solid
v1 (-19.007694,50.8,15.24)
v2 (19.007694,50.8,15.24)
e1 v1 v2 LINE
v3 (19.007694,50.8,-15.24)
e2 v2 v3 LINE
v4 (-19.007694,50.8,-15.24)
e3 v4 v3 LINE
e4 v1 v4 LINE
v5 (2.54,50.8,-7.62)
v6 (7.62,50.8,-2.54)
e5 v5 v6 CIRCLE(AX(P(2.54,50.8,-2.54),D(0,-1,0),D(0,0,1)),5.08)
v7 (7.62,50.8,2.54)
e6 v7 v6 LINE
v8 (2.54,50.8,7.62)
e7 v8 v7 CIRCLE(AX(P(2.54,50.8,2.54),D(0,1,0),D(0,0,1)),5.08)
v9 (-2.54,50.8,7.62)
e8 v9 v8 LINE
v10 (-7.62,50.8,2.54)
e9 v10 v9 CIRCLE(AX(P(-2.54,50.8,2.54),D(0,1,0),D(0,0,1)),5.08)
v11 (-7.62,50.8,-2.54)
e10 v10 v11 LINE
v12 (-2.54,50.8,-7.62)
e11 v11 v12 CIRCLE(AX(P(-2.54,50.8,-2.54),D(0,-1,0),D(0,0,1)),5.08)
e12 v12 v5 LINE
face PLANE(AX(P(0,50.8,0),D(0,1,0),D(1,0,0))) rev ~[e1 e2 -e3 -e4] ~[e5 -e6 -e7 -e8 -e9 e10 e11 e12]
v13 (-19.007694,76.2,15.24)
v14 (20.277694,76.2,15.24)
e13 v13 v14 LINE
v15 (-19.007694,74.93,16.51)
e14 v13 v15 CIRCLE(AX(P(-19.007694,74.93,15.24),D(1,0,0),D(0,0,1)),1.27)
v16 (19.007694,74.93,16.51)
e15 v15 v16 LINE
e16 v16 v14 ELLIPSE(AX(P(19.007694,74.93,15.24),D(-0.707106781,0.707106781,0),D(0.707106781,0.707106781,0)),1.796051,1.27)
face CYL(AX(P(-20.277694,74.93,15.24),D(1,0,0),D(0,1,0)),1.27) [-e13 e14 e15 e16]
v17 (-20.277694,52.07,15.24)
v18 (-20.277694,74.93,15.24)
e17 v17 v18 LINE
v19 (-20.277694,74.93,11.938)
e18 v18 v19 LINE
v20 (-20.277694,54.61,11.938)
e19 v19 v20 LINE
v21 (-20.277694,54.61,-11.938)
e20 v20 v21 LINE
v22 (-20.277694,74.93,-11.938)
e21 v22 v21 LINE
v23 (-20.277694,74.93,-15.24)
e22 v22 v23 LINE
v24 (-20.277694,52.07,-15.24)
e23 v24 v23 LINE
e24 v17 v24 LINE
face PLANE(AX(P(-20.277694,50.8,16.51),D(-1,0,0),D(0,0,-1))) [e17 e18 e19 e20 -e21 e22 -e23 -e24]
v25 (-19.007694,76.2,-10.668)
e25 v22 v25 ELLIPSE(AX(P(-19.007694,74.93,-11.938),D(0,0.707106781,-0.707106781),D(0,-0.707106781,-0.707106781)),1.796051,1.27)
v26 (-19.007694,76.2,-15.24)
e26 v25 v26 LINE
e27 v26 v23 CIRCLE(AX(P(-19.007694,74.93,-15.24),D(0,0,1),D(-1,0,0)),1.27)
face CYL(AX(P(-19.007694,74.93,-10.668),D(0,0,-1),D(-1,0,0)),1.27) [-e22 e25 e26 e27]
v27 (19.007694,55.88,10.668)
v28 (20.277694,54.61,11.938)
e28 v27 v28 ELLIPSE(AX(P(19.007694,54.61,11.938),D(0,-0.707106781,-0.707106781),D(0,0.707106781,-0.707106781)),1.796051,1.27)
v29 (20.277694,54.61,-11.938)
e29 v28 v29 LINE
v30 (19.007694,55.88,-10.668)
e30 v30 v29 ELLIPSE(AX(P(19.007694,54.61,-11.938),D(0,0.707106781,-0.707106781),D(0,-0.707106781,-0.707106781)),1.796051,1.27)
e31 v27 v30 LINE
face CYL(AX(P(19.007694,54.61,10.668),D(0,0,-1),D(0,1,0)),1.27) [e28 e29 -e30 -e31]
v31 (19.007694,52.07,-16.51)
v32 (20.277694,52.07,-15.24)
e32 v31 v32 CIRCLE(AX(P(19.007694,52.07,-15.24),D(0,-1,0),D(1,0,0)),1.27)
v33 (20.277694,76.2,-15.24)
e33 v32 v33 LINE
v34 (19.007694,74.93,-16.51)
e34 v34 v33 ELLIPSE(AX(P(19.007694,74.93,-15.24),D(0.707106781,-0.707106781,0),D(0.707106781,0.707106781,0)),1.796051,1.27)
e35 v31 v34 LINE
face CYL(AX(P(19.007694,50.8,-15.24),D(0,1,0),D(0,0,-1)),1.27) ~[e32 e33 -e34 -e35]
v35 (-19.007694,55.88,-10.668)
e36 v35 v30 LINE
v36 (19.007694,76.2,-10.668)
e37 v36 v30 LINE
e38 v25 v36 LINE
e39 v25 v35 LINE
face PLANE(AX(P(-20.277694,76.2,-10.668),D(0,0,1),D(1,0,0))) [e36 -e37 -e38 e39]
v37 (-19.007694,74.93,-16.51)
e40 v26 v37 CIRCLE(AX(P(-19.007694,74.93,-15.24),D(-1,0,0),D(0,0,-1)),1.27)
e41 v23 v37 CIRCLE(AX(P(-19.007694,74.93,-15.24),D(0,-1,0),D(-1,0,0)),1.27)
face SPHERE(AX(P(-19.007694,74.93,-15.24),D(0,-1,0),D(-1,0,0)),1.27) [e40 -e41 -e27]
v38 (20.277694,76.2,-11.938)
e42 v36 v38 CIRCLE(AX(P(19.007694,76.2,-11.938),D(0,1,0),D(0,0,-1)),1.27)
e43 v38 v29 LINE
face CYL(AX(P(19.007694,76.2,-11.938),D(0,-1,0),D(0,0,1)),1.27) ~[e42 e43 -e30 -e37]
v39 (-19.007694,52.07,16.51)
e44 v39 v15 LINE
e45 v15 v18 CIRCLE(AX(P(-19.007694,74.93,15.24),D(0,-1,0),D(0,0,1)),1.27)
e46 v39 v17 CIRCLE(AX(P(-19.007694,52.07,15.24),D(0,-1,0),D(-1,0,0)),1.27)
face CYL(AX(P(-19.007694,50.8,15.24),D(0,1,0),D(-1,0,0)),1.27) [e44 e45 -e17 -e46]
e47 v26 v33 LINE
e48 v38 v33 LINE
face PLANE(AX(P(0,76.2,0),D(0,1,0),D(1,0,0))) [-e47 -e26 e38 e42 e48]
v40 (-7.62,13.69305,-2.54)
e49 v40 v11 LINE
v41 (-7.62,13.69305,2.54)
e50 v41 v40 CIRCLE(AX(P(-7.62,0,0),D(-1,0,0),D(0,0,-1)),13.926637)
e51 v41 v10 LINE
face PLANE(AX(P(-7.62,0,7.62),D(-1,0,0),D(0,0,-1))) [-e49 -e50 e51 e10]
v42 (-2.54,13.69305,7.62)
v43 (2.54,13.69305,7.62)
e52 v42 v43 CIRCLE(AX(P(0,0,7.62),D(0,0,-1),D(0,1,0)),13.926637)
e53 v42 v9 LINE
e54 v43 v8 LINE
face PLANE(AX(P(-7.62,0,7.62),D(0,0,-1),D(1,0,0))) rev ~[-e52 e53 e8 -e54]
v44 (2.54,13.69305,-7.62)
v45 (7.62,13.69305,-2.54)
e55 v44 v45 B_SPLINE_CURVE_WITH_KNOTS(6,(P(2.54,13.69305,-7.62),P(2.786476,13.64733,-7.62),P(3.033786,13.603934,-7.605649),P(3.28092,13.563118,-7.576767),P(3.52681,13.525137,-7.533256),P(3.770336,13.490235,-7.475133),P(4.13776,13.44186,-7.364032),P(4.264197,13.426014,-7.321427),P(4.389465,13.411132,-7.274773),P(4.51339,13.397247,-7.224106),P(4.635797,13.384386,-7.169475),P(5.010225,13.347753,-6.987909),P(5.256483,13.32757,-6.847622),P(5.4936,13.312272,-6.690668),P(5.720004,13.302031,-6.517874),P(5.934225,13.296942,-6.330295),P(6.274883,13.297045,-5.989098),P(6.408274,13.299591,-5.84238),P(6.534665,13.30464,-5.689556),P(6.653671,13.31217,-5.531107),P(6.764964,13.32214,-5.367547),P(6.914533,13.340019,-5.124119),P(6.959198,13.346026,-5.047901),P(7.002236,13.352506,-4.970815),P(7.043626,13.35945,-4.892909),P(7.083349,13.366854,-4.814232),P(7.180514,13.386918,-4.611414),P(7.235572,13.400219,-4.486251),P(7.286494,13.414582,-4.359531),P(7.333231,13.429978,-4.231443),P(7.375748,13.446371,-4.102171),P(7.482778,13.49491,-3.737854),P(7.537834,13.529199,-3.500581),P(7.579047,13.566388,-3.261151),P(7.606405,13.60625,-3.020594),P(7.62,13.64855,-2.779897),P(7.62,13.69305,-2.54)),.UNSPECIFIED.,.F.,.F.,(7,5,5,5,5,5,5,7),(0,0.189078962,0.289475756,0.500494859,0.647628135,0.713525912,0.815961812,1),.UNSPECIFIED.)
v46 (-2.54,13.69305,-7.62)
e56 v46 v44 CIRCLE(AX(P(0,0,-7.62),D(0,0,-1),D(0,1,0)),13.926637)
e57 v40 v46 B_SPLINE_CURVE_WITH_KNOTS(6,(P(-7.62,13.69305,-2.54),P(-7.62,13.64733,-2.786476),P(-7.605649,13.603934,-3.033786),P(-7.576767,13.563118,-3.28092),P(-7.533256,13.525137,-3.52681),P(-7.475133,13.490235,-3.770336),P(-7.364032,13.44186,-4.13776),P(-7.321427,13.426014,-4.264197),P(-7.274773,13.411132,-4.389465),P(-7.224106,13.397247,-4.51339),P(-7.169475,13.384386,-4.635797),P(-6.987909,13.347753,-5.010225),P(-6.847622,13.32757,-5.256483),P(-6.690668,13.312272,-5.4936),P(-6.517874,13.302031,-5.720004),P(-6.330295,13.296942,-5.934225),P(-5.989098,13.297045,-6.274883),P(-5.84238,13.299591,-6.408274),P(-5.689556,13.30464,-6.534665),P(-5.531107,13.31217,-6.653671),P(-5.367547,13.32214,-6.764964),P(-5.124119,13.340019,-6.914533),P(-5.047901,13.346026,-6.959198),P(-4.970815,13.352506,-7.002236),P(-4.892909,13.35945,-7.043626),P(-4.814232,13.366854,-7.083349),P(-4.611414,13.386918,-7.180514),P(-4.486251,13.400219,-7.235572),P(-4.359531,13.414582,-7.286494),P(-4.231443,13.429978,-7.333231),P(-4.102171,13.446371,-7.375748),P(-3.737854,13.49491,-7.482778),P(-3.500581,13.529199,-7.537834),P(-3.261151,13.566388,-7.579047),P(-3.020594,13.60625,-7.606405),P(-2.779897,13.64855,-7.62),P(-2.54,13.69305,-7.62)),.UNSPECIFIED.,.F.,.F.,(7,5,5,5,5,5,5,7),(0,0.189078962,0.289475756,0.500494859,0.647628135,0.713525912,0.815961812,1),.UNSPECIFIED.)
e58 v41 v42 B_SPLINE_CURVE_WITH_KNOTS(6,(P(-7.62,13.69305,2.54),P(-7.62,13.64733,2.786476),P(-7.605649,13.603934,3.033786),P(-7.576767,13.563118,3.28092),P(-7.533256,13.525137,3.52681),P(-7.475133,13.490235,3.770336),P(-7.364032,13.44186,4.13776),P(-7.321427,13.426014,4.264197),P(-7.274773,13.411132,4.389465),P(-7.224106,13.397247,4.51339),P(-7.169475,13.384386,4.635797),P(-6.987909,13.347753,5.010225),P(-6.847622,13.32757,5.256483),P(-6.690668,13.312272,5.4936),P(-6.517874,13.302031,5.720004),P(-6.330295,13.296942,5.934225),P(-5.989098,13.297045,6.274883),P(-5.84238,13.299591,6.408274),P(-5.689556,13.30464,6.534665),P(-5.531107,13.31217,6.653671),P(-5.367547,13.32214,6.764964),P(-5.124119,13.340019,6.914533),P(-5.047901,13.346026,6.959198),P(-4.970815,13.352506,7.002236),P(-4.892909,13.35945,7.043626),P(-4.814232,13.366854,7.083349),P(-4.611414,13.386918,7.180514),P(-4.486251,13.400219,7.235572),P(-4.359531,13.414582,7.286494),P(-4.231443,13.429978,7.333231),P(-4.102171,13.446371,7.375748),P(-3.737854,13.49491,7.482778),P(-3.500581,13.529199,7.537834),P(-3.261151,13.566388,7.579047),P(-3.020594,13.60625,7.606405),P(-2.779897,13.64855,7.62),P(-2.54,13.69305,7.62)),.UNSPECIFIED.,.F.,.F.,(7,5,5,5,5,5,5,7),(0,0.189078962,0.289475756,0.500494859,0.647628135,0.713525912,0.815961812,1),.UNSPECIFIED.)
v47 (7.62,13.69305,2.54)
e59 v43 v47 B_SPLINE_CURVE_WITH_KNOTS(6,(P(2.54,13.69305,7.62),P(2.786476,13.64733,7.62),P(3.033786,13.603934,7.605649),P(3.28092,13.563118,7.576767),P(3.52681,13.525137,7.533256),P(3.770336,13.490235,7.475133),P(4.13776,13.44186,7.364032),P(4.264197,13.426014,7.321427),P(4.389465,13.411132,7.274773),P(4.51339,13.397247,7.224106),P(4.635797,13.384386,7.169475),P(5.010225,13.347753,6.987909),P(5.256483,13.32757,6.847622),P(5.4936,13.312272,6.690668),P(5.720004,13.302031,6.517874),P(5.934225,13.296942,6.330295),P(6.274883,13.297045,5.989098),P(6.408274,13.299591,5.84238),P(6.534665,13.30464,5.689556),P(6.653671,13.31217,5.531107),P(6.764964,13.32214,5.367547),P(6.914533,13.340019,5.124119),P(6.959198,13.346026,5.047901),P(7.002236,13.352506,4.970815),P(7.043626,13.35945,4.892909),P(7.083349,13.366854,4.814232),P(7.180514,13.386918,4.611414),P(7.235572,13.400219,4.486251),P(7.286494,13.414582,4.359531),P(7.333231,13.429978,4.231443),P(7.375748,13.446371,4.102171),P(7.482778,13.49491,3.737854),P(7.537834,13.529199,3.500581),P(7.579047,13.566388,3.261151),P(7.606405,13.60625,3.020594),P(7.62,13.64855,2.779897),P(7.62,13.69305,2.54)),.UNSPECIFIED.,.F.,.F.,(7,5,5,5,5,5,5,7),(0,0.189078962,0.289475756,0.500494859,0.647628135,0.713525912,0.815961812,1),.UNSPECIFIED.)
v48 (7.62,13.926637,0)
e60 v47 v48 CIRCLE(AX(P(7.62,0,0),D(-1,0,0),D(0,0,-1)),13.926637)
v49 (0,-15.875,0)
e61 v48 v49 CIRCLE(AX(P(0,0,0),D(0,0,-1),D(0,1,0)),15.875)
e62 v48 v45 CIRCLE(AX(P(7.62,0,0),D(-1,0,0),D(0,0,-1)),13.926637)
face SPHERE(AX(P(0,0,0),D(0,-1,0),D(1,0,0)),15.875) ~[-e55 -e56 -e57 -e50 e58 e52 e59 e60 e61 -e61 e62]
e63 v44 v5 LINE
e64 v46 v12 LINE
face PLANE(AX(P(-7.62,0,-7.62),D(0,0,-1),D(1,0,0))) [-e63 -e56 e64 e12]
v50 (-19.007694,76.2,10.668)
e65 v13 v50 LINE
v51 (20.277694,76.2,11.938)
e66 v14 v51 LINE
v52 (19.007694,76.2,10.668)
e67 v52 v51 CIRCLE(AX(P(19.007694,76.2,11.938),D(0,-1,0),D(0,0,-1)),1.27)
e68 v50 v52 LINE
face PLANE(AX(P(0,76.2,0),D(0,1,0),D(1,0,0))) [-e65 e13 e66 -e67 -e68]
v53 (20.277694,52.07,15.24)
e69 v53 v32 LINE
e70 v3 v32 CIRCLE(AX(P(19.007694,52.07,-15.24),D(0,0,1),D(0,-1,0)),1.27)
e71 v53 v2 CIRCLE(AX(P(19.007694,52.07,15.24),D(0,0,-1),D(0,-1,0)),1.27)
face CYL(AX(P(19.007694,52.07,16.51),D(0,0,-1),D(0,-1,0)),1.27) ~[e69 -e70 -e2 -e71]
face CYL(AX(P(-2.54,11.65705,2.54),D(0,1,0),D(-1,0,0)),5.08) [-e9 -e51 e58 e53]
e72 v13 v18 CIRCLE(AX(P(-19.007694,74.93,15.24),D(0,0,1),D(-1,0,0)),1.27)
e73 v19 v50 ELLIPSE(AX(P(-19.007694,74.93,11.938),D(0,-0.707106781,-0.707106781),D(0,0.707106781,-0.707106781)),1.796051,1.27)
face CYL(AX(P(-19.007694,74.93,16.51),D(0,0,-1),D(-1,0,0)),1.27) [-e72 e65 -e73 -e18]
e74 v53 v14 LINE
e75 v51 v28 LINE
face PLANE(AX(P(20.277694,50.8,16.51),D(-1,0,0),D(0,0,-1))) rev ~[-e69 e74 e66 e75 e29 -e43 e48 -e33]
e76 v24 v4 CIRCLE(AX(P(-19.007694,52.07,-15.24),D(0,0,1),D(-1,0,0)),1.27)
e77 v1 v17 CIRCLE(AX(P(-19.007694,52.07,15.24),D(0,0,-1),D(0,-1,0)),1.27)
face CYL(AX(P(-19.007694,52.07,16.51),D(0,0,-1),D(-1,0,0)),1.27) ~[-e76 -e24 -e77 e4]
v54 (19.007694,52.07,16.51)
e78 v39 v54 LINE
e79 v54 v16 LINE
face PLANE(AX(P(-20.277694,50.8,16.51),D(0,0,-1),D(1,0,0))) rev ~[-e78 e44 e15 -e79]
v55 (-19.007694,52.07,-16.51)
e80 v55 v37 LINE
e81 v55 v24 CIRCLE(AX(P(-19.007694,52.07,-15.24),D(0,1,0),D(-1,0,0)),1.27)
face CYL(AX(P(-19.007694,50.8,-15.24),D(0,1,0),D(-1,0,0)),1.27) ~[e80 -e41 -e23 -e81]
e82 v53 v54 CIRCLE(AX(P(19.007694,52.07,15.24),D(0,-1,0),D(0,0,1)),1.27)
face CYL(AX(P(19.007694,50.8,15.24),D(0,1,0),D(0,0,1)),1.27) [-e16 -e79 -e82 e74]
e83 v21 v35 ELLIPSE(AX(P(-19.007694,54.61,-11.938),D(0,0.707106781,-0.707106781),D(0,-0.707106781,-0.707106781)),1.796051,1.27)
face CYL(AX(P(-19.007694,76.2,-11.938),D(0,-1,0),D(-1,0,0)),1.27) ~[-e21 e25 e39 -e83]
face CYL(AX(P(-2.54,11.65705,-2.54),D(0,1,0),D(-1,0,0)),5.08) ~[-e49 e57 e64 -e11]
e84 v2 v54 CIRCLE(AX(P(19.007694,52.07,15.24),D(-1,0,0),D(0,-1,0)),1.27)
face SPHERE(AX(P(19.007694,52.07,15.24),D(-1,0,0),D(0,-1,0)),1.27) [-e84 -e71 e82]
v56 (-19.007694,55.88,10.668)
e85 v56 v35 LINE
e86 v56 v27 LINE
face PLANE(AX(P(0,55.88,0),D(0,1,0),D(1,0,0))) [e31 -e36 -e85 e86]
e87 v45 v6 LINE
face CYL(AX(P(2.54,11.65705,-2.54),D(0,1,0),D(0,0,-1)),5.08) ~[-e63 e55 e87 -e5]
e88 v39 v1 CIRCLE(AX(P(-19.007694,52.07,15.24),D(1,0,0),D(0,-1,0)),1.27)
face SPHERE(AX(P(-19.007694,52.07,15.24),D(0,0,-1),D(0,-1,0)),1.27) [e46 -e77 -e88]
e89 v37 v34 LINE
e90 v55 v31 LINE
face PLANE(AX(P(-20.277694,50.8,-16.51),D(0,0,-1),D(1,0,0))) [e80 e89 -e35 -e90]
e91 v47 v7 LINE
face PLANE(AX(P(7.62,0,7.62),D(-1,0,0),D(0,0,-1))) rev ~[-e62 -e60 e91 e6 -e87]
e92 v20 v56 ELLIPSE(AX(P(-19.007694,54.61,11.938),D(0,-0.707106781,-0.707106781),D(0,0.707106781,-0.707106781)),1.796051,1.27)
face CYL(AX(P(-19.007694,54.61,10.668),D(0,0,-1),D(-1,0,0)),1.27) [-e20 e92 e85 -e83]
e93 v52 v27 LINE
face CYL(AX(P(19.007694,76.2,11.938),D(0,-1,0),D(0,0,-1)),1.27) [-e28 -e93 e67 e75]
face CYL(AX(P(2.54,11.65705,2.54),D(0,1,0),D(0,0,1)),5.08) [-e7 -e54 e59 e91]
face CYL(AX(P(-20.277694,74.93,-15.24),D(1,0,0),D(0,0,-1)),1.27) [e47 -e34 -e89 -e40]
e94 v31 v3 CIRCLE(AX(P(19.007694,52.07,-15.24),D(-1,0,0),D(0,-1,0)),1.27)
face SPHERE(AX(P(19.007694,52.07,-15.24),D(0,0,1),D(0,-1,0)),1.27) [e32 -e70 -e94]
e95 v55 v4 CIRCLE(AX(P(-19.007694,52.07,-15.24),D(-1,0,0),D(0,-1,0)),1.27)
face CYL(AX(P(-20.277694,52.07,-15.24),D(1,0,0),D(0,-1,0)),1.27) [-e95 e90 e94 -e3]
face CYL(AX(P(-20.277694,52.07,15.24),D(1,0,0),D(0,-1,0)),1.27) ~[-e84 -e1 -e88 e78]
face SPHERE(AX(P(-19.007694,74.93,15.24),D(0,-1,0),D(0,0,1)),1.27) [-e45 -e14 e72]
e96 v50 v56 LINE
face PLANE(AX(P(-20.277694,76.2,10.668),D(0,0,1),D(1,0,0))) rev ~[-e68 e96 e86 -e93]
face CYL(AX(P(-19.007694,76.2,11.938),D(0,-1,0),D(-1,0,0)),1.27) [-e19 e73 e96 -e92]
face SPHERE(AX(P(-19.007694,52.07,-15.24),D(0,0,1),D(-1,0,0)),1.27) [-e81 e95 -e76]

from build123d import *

# Parameters (mm, degrees)
SKETCH2_W           = 15.24
SKETCH2_H           = 15.24
BOSS_EXTRUDE1_DEPTH = 50.8
FILLET1_R           = 5.08
SKETCH4_W           = 40.555388052
SKETCH4_H           = 33.02
BOSS_EXTRUDE3_DEPTH = 25.4
SKETCH5_W           = 40.555388052
SKETCH5_H           = 21.336
CUT_EXTRUDE1_DEPTH  = 20.32
FILLET2_R           = 1.27
SKETCH3_R           = 11.43
BOSS_EXTRUDE2_DEPTH = 2.54


with BuildPart() as part:
    # Sketch1 → Revolve1 (revolve)
    with BuildSketch(Plane.XY):
        with BuildLine():
            Line((0, -15.875), (0, 15.875))
            ThreePointArc((0, 15.875), (15.875, 0), (0, -15.875))
        make_face()
    revolve(axis=Axis((0, -15.875, 0), (0, 1, 0)))

    # Sketch2 → Boss-Extrude1 (add)
    with BuildSketch(Plane(origin=(0, 0, 0), x_dir=(1, 0, 0), z_dir=(0, 1, 0))):
        Rectangle(SKETCH2_W, SKETCH2_H)
    extrude(amount=BOSS_EXTRUDE1_DEPTH)

    # Fillet1
    fillet1_edges = [part.edges().sort_by_distance(p)[0] for p in [
        (-7.62, 31.228525221, -7.62),
        (-7.62, 31.228525221, 7.62),
        (7.62, 31.228525221, 7.62),
        (7.62, 31.228525221, -7.62),
    ]]
    fillet(fillet1_edges, radius=FILLET1_R)

    # Sketch4 → Boss-Extrude3 (add)
    with BuildSketch(Plane(origin=(0, 50.8, 0), x_dir=(1, 0, 0), z_dir=(0, 1, 0))):
        Rectangle(SKETCH4_W, SKETCH4_H)
    extrude(amount=BOSS_EXTRUDE3_DEPTH)

    # Sketch5 → Cut-Extrude1 (cut)
    with BuildSketch(Plane(origin=(0, 76.2, 0), x_dir=(1, 0, 0), z_dir=(0, 1, 0))):
        Rectangle(SKETCH5_W, SKETCH5_H)
    extrude(amount=-CUT_EXTRUDE1_DEPTH, mode=Mode.SUBTRACT)

    # Fillet2
    fillet2_edges = [part.edges().sort_by_distance(p)[0] for p in [
        (-20.277694026, 50.8, 0),
        (-20.277694026, 63.5, -16.51),
        (0, 50.8, 16.51),
        (-20.277694026, 63.5, 16.51),
        (20.277694026, 50.8, 0),
        (20.277694026, 63.5, 16.51),
        (0, 50.8, -16.51),
        (20.277694026, 63.5, -16.51),
        (-20.277694026, 76.2, -13.589),
        (0, 76.2, 16.51),
        (0, 76.2, -16.51),
        (-20.277694026, 76.2, 13.589),
        (-20.277694026, 55.88, 0),
        (-20.277694026, 66.04, 10.668),
        (-20.277694026, 66.04, -10.668),
        (20.277694026, 55.88, 0),
        (20.277694026, 66.04, -10.668),
        (20.277694026, 66.04, 10.668),
    ]]
    fillet(fillet2_edges, radius=FILLET2_R)

    # Sketch3 → Boss-Extrude2 (add)
    with BuildSketch(Plane(origin=(0, 50.8, 0), x_dir=(1, 0, 0), z_dir=(0, 1, 0))):
        Circle(SKETCH3_R)
    extrude(amount=BOSS_EXTRUDE2_DEPTH)


solid = part.part
